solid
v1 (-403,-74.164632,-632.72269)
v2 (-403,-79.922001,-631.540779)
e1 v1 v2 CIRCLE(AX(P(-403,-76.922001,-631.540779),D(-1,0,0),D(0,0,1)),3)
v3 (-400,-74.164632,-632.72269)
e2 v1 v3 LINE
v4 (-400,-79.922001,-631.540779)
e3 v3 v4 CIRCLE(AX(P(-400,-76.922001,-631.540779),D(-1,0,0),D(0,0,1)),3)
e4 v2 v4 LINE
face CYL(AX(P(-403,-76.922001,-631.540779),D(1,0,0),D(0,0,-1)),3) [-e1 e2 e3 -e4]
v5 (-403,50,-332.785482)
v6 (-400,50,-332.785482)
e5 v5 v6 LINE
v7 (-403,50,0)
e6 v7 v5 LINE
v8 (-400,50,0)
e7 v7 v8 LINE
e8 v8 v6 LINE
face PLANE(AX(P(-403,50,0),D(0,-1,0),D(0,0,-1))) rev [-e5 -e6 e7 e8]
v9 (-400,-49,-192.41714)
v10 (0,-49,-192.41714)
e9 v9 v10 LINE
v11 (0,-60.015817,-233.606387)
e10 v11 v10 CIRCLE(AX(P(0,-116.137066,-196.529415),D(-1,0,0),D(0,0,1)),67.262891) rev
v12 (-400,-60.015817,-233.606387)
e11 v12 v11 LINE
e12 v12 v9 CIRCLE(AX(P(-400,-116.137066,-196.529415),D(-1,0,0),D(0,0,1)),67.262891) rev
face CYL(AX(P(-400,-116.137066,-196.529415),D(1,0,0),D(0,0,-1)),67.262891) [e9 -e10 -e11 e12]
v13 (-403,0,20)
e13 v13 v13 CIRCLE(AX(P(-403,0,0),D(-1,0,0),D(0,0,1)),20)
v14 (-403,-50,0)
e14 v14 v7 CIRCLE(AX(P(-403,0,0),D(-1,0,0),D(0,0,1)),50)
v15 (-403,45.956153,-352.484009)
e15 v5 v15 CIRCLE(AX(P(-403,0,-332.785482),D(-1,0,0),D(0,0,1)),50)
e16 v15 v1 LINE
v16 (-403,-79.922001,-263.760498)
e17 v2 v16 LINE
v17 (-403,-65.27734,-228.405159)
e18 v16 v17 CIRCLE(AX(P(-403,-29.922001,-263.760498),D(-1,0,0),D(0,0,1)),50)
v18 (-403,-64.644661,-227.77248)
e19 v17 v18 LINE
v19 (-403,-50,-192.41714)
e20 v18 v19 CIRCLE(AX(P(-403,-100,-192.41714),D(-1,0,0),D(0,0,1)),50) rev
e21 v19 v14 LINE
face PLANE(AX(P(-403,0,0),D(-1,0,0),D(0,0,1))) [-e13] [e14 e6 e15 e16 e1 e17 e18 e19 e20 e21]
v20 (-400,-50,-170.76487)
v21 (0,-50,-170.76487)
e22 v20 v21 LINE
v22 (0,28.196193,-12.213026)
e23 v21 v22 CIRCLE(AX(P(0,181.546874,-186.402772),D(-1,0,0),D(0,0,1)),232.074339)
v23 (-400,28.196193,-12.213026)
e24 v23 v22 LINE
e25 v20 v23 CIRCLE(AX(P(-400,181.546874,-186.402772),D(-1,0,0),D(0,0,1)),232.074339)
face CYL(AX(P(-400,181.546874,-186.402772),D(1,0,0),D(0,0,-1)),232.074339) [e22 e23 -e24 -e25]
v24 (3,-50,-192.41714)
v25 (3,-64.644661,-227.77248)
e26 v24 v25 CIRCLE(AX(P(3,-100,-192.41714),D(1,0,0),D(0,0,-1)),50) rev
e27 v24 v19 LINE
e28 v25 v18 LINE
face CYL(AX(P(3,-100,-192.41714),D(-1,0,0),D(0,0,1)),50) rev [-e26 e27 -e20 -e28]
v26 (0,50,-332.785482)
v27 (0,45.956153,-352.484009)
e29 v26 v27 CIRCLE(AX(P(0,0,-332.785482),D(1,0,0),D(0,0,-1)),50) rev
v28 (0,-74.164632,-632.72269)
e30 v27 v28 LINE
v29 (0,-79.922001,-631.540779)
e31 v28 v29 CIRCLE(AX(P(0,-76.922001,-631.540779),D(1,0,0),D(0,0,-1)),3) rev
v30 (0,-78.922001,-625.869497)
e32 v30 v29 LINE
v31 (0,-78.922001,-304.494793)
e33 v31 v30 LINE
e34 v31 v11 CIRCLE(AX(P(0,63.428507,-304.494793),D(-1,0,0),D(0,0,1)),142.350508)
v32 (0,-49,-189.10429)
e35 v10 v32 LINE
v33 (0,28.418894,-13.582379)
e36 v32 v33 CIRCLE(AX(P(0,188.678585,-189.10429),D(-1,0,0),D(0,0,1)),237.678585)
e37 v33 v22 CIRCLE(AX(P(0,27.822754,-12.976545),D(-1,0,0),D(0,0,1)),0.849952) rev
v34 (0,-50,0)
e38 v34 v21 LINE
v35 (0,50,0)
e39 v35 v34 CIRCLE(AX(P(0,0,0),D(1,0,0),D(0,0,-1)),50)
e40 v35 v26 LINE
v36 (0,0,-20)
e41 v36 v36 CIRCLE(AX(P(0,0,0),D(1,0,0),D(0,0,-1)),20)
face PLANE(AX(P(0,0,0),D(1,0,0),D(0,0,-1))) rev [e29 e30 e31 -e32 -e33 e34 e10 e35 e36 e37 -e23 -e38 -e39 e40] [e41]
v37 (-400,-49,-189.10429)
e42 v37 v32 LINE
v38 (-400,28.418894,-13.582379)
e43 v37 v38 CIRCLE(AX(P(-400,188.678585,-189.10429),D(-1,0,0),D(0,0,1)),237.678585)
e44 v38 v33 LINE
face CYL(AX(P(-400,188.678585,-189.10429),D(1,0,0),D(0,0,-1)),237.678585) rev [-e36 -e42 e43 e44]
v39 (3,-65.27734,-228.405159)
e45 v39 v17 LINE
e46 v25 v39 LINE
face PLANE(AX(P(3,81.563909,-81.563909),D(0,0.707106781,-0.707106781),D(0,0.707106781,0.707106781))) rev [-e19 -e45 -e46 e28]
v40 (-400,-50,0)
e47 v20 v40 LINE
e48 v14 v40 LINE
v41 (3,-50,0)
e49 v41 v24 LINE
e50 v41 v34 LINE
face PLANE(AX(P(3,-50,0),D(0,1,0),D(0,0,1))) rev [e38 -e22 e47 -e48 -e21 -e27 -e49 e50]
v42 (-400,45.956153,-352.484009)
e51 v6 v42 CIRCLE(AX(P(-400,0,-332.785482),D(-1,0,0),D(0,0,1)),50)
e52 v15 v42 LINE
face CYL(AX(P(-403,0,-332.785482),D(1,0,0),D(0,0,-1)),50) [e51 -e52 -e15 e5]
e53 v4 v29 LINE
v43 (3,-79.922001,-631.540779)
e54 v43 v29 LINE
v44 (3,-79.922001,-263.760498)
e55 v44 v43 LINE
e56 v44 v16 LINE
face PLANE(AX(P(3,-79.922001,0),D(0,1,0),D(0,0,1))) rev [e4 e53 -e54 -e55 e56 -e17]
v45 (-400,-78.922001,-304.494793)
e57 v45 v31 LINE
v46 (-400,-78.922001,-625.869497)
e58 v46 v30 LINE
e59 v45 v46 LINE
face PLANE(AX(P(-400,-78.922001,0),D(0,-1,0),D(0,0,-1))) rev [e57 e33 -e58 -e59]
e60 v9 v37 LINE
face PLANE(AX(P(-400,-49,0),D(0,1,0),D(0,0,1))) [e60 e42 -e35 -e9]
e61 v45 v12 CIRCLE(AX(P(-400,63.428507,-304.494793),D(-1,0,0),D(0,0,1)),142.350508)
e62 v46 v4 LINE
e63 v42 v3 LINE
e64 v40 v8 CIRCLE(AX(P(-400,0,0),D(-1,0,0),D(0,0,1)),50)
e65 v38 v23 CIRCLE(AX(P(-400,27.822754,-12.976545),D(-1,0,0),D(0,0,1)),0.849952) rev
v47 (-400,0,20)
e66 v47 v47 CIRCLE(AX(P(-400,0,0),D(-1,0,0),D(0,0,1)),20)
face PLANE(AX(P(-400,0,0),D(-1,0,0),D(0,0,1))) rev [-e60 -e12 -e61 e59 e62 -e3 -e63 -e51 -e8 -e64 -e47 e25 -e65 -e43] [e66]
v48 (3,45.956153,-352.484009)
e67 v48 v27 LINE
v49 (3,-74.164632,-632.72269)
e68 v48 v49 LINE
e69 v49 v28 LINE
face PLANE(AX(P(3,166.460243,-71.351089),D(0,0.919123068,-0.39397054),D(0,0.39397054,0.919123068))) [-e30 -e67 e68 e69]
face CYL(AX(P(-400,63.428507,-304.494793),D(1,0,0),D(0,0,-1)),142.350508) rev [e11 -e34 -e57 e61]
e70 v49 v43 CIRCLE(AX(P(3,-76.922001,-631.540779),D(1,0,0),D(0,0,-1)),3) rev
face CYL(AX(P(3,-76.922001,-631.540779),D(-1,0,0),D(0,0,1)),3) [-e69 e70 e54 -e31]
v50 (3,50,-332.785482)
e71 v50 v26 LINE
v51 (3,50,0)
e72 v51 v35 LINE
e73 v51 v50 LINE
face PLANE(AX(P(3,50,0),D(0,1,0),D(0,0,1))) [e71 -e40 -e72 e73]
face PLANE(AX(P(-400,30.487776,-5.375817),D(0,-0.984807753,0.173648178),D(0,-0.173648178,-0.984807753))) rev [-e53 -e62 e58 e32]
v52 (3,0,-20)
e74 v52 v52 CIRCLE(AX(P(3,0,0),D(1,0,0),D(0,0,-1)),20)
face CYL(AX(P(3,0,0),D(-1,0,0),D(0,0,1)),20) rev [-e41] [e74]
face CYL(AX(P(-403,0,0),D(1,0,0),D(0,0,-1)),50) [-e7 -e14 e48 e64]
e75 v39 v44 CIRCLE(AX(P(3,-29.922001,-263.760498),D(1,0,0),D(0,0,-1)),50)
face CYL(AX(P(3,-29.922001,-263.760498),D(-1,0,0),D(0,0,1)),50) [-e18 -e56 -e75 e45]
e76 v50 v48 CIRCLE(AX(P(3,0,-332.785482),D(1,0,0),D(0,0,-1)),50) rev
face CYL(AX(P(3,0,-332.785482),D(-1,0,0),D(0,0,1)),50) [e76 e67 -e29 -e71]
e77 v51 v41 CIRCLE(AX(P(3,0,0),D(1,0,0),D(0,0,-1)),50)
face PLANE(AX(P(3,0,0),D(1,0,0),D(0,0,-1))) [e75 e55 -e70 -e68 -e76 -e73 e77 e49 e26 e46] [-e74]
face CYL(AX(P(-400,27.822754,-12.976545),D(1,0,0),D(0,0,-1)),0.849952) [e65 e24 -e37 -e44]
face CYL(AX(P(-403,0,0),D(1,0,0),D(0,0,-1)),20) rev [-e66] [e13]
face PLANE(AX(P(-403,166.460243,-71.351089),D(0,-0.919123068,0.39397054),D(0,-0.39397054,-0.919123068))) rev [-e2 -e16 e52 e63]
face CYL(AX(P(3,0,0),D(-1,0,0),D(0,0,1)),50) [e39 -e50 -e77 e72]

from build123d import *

# Parameters (mm, degrees)
SKETCH_1_R      = 50
SKETCH_1_R_2    = 20
EXTRUDE_1_DEPTH = 3
EXTRUDE_2_DEPTH = 400
SKETCH_3_R      = 20
EXTRUDE_3_DEPTH = 3


with BuildPart() as part:
    # 草图1 → 凸台-拉伸1 (new body)
    with BuildSketch(Plane(origin=(0, 0, 0), x_dir=(0, 0, -1), z_dir=(1, 0, 0))):
        with BuildLine():
            ThreePointArc((50, 0), (35.355339059, -35.355339059), (0, -50))
            Line((0, -50), (192.417140489, -50))
            ThreePointArc((192.417140489, -50), (211.551312107, -53.806023374), (227.772479548, -64.644660941))
            Line((227.772479548, -64.644660941), (228.405158627, -65.277340019))
            ThreePointArc((228.405158627, -65.277340019), (244.626326068, -76.115977585), (263.760497686, -79.92200096))
            Line((263.760497686, -79.92200096), (631.54077851, -79.92200096))
            ThreePointArc((631.54077851, -79.92200096), (634.479494864, -77.525280493), (632.72269013, -74.164631757))
            Line((632.72269013, -74.164631757), (352.484009, 45.956153386))
            ThreePointArc((352.484009, 45.956153386), (342.840140888, 48.978605887), (332.785482, 50))
            Line((332.785482, 50), (0, 50))
            ThreePointArc((0, 50), (35.355339059, 35.355339059), (50, 0))
        make_face()
        Circle(SKETCH_1_R)
        Circle(SKETCH_1_R_2, mode=Mode.SUBTRACT)
    extrude(amount=EXTRUDE_1_DEPTH)

    # 草图2 → 凸台-拉伸2 (add)
    with BuildSketch(Plane.ZY):
        with BuildLine():
            ThreePointArc((-233.606386859, -60.015816693), (-267.811656592, -74.11426689), (-304.494792617, -78.92200096))
            Line((-304.494792617, -78.92200096), (-625.869496691, -78.92200096))
            Line((-625.869496691, -78.92200096), (-631.54077851, -79.92200096))
            Line((-631.54077851, -79.92200096), (-263.760497686, -79.92200096))
            ThreePointArc((-263.760497686, -79.92200096), (-244.626326068, -76.115977585), (-228.405158627, -65.277340019))
            Line((-228.405158627, -65.277340019), (-227.772479548, -64.644660941))
            ThreePointArc((-227.772479548, -64.644660941), (-211.551312107, -53.806023374), (-192.417140489, -50))
            Line((-192.417140489, -50), (-170.764869856, -50))
            ThreePointArc((-170.764869856, -50), (-83.751443835, -26.590589439), (-12.213025887, 28.19619335))
            ThreePointArc((-12.213025887, 28.19619335), (-12.840107981, 28.661683678), (-13.582379077, 28.418894018))
            ThreePointArc((-13.582379077, 28.418894018), (-93.185539951, -28.785672237), (-189.104289812, -49))
            Line((-189.104289812, -49), (-192.417140489, -49))
            ThreePointArc((-192.417140489, -49), (-213.907702397, -51.157903364), (-233.606386859, -60.015816693))
        make_face()
    extrude(amount=EXTRUDE_2_DEPTH)

    # 草图3 → 凸台-拉伸3 (add)
    with BuildSketch(Plane.ZY.offset(400)):
        with BuildLine():
            Line((-352.484009, 45.956153386), (-632.72269013, -74.164631757))
            ThreePointArc((-632.72269013, -74.164631757), (-634.479494864, -77.525280493), (-631.54077851, -79.92200096))
            Line((-631.54077851, -79.92200096), (-625.869496691, -78.92200096))
            Line((-625.869496691, -78.92200096), (-304.494792617, -78.92200096))
            ThreePointArc((-304.494792617, -78.92200096), (-267.811656592, -74.11426689), (-233.606386859, -60.015816693))
            ThreePointArc((-233.606386859, -60.015816693), (-213.907702397, -51.157903364), (-192.417140489, -49))
            Line((-192.417140489, -49), (-189.104289812, -49))
            ThreePointArc((-189.104289812, -49), (-93.185539951, -28.785672237), (-13.582379077, 28.418894018))
            ThreePointArc((-13.582379077, 28.418894018), (-12.840107981, 28.661683678), (-12.213025887, 28.19619335))
            ThreePointArc((-12.213025887, 28.19619335), (-83.751443835, -26.590589439), (-170.764869856, -50))
            Line((-170.764869856, -50), (0, -50))
            ThreePointArc((0, -50), (50, 0), (0, 50))
            Line((0, 50), (-332.785482, 50))
            ThreePointArc((-332.785482, 50), (-342.840140888, 48.978605887), (-352.484009, 45.956153386))
        make_face()
        Circle(SKETCH_3_R, mode=Mode.SUBTRACT)
        with BuildLine():
            ThreePointArc((-170.764869856, -50), (-83.751443835, -26.590589439), (-12.213025887, 28.19619335))
            ThreePointArc((-12.213025887, 28.19619335), (-12.840107981, 28.661683678), (-13.582379077, 28.418894018))
            ThreePointArc((-13.582379077, 28.418894018), (-93.185539951, -28.785672237), (-189.104289812, -49))
            Line((-189.104289812, -49), (-192.417140489, -49))
            ThreePointArc((-192.417140489, -49), (-213.907702397, -51.157903364), (-233.606386859, -60.015816693))
            ThreePointArc((-233.606386859, -60.015816693), (-267.811656592, -74.11426689), (-304.494792617, -78.92200096))
            Line((-304.494792617, -78.92200096), (-625.869496691, -78.92200096))
            Line((-625.869496691, -78.92200096), (-631.54077851, -79.92200096))
            Line((-631.54077851, -79.92200096), (-263.760497686, -79.92200096))
            ThreePointArc((-263.760497686, -79.92200096), (-244.626326068, -76.115977585), (-228.405158627, -65.277340019))
            Line((-228.405158627, -65.277340019), (-227.772479548, -64.644660941))
            ThreePointArc((-227.772479548, -64.644660941), (-211.551312107, -53.806023374), (-192.417140489, -50))
            Line((-192.417140489, -50), (-170.764869856, -50))
        make_face()
    extrude(amount=EXTRUDE_3_DEPTH)


solid = part.part
